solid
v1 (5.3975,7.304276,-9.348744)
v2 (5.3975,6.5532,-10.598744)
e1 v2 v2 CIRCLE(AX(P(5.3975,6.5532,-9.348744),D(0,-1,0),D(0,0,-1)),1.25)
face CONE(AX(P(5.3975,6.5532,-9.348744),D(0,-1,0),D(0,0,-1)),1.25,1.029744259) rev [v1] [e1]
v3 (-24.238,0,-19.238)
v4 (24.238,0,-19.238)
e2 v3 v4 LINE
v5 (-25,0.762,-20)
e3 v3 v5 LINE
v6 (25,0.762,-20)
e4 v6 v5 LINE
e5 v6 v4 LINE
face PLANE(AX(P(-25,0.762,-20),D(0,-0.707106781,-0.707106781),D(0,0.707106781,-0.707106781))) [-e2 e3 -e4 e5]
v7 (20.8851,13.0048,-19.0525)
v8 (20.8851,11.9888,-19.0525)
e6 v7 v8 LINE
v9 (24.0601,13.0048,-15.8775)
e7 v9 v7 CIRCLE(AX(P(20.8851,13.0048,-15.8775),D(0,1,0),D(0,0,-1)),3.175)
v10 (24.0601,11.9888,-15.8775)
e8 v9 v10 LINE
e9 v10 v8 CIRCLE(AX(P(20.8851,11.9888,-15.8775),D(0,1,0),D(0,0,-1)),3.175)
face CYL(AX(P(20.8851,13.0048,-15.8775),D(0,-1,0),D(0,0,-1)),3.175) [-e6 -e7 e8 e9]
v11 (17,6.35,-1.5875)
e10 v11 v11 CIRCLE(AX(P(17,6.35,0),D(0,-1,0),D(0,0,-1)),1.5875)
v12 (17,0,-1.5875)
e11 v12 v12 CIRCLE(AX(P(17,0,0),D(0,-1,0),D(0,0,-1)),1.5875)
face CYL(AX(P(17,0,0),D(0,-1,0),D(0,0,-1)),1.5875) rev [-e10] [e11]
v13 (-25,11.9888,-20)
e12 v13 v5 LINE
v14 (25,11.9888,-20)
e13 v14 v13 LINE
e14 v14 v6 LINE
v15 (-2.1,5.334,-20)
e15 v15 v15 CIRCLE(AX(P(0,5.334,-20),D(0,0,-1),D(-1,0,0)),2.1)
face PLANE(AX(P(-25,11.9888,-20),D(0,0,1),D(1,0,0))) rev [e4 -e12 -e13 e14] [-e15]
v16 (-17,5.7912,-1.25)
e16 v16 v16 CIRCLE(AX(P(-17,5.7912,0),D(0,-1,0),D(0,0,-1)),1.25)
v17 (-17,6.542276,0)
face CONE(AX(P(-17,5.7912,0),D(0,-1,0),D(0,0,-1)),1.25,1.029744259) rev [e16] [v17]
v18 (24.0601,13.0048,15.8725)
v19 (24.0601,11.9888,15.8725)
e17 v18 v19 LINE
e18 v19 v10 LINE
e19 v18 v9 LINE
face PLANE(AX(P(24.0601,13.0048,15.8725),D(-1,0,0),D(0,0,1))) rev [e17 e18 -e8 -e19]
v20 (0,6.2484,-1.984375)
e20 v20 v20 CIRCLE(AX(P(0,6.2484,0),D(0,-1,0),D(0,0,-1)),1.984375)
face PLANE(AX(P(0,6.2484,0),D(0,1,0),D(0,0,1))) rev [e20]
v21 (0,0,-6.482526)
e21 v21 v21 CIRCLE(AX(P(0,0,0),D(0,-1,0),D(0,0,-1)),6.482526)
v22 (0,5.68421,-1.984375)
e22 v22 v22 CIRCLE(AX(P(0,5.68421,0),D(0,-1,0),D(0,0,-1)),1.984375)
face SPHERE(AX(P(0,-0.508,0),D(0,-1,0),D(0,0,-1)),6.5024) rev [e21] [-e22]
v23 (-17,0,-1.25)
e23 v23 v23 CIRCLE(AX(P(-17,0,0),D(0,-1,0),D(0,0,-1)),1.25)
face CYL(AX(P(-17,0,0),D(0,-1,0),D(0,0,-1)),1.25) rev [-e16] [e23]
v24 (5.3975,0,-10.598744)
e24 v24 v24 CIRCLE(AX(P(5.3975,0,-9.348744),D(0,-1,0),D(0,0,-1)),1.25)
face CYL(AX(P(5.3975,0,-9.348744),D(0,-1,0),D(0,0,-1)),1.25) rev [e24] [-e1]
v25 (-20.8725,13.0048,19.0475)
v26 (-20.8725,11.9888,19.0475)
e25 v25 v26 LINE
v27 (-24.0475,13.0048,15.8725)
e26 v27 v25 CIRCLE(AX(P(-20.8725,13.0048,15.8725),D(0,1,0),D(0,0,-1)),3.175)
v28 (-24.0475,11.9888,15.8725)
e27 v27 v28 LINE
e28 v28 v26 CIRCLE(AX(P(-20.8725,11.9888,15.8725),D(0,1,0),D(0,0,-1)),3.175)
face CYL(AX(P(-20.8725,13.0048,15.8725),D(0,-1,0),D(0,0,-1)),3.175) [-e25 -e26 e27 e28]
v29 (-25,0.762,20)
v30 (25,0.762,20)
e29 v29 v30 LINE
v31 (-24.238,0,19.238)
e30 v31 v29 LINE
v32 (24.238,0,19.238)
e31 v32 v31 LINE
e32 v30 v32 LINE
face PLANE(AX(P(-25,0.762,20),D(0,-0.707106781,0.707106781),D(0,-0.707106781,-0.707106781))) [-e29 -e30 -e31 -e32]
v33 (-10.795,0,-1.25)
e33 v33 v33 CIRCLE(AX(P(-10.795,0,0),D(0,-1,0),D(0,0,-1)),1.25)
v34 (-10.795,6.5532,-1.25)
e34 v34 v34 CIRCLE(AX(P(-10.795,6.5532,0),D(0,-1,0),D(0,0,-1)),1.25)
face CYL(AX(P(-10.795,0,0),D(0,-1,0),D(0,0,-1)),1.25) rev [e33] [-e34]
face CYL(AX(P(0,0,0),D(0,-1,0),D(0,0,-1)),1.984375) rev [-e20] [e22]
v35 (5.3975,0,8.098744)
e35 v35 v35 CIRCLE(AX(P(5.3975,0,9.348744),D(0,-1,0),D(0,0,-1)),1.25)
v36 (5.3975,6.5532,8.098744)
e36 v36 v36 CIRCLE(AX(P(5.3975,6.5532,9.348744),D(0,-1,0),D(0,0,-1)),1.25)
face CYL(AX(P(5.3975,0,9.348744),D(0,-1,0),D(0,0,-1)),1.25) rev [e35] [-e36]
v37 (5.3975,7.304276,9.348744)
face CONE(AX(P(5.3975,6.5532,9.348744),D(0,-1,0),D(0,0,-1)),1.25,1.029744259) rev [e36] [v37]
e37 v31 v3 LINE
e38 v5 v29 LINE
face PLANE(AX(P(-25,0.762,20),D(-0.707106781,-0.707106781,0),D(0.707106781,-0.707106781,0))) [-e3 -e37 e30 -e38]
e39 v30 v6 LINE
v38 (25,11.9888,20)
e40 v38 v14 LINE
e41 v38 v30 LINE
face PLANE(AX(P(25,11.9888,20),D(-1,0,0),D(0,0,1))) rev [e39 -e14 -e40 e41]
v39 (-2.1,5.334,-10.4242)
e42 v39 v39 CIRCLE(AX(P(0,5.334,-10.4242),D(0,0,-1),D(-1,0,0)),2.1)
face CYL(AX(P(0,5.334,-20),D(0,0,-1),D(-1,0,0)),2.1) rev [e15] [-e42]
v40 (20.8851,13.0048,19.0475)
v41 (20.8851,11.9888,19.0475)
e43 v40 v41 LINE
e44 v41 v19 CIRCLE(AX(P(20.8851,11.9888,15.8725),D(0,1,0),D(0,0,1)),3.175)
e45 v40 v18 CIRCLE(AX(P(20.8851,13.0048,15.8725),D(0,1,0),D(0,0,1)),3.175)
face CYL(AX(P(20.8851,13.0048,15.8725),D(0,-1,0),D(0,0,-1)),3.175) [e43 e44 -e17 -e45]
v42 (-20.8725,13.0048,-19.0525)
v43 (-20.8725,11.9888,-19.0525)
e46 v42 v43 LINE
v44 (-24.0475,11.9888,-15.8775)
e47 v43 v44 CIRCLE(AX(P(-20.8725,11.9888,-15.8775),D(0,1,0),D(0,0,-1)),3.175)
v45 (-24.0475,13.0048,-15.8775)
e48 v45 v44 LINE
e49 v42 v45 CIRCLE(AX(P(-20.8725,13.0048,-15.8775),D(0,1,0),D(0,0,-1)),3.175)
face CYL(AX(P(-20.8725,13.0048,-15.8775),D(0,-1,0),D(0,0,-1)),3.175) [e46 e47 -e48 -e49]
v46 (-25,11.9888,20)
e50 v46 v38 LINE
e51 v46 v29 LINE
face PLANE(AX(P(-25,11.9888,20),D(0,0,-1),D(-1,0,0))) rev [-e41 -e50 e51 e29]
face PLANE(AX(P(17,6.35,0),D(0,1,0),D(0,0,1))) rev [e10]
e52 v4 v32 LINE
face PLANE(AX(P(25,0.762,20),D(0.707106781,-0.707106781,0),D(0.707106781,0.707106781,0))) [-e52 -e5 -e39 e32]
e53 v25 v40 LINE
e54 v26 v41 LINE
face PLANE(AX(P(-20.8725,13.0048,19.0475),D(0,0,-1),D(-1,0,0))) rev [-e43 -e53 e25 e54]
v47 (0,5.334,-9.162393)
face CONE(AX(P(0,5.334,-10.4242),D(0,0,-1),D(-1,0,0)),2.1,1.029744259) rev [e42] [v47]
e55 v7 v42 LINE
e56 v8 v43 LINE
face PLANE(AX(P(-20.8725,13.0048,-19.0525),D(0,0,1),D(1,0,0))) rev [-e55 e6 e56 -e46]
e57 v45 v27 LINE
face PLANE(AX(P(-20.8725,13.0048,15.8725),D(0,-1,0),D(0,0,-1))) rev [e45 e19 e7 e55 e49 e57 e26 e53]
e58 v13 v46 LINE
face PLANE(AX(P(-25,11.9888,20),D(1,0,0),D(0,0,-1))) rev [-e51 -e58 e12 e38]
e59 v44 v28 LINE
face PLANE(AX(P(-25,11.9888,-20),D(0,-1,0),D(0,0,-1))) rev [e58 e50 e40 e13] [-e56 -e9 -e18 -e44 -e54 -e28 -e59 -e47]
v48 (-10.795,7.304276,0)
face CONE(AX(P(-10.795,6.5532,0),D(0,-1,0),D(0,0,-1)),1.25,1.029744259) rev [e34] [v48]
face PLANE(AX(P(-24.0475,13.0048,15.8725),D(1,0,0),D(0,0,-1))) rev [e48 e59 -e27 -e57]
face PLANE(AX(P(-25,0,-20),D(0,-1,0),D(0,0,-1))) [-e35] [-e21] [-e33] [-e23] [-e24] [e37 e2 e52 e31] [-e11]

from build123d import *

# Parameters (mm, degrees)
SKETCH1_W                           = 50
SKETCH1_H                           = 40
EXTRUDE1_DEPTH                      = 11.9888
M5X0_8_TAPPED_HOLE1_D               = 4.2
M5X0_8_TAPPED_HOLE1_DEPTH           = 9.5758
M5X0_8_TAPPED_HOLE1_TIP             = 1.2618073
F_1_8_0_125_DIAMETER_HOLE1_D        = 3.175
F_1_8_0_125_DIAMETER_HOLE1_DEPTH    = 6.35
CIRPATTERN1_COUNT                   = 3
F_5_32_0_15625_DIAMETER_HOLE1_D     = 3.96875
F_5_32_0_15625_DIAMETER_HOLE1_DEPTH = 6.2484
M3X0_5_TAPPED_HOLE2_D               = 2.5
M3X0_5_TAPPED_HOLE2_DEPTH           = 5.7912
M3X0_5_TAPPED_HOLE2_TIP             = 0.751075774
CHAMFER1_SIZE                       = 0.762
EXTRUDE2_DEPTH                      = 1.016


with BuildPart() as part:
    # Sketch1 → Extrude1 (new body)
    with BuildSketch(Plane(origin=(0, 0, 0), x_dir=(1, 0, 0), z_dir=(0, 1, 0))):
        Rectangle(SKETCH1_W, SKETCH1_H)
    extrude(amount=EXTRUDE1_DEPTH)

    # M5x0.8 Tapped Hole1
    with Locations(Plane(origin=(0, 0, -20), x_dir=(-1, 0, 0), z_dir=(0, 0, -1))):
        with Locations((0, 5.334)):
            Hole(M5X0_8_TAPPED_HOLE1_D / 2, depth=M5X0_8_TAPPED_HOLE1_DEPTH)
            with Locations((0, 0, -(M5X0_8_TAPPED_HOLE1_DEPTH + M5X0_8_TAPPED_HOLE1_TIP / 2))):  # 118° drill point
                Cone(0, M5X0_8_TAPPED_HOLE1_D / 2, M5X0_8_TAPPED_HOLE1_TIP, mode=Mode.SUBTRACT)

    # 1_8 _0.125_ Diameter Hole1
    with Locations(Plane.XZ):
        with Locations((17, 0)):
            Hole(F_1_8_0_125_DIAMETER_HOLE1_D / 2, depth=F_1_8_0_125_DIAMETER_HOLE1_DEPTH)

    # Sketch8 → M3x0.5 Tapped Hole1 (revolve, cut)
    with BuildSketch(Plane(origin=(-10.795, 0, 0), x_dir=(0, 0, -1), z_dir=(1, 0, 0))):
        Polygon((0, 0), (0, 7.304275774), (1.25, 6.5532), (1.25, 0), align=None)
    m3x0_5_tapped_hole1 = revolve(axis=Axis((-10.795, -6.35, 0), (0, 1, 0)), mode=Mode.SUBTRACT)

    # CirPattern1: M3x0.5 Tapped Hole1 ×3 about axis
    cirpattern1_axis = Axis((0, 0, 0), (0, 1, 0))
    for i in range(1, CIRPATTERN1_COUNT):
        add(m3x0_5_tapped_hole1.rotate(cirpattern1_axis, i * 360 / CIRPATTERN1_COUNT), mode=Mode.SUBTRACT)

    # 5_32 _0.15625_ Diameter Hole1
    with Locations(Plane.XZ):
        with Locations((0, 0)):
            Hole(F_5_32_0_15625_DIAMETER_HOLE1_D / 2, depth=F_5_32_0_15625_DIAMETER_HOLE1_DEPTH)

    # Sketch12 → Cut-Revolve1 (revolve, cut)
    with BuildSketch(Plane.XZ.offset(0.508)):
        with BuildLine():
            Line((0, 6.5024), (0, -6.5024))
            ThreePointArc((0, -6.5024), (6.5024, 0), (0, 6.5024))
        make_face()
    revolve(axis=Axis((0, -0.508, 6.5024), (0, 0, -1)), mode=Mode.SUBTRACT)

    # M3x0.5 Tapped Hole2
    with Locations(Plane.XZ):
        with Locations((-17, 0)):
            Hole(M3X0_5_TAPPED_HOLE2_D / 2, depth=M3X0_5_TAPPED_HOLE2_DEPTH)
            with Locations((0, 0, -(M3X0_5_TAPPED_HOLE2_DEPTH + M3X0_5_TAPPED_HOLE2_TIP / 2))):  # 118° drill point
                Cone(0, M3X0_5_TAPPED_HOLE2_D / 2, M3X0_5_TAPPED_HOLE2_TIP, mode=Mode.SUBTRACT)

    # Chamfer1
    chamfer1_edges = [part.edges().sort_by_distance(p)[0] for p in [
        (0, 0, -20),
        (25, 0, 0),
        (0, 0, 20),
        (-25, 0, 0),
    ]]
    chamfer(chamfer1_edges, length=CHAMFER1_SIZE)

    # Sketch2 → Extrude2 (add)
    with BuildSketch(Plane(origin=(0, 11.9888, 0), x_dir=(-1, 0, 0), z_dir=(0, 1, 0))):
        with BuildLine():
            Line((20.8725, 19.0475), (-20.8851, 19.0475))
            ThreePointArc((-20.8851, 19.0475), (-23.13016403, 18.11756403), (-24.0601, 15.8725))
            Line((-24.0601, 15.8725), (-24.0601, -15.8775))
            ThreePointArc((-24.0601, -15.8775), (-23.13016403, -18.12256403), (-20.8851, -19.0525))
            Line((-20.8851, -19.0525), (20.8725, -19.0525))
            ThreePointArc((20.8725, -19.0525), (23.11756403, -18.12256403), (24.0475, -15.8775))
            Line((24.0475, -15.8775), (24.0475, 15.8725))
            ThreePointArc((24.0475, 15.8725), (23.11756403, 18.11756403), (20.8725, 19.0475))
        make_face()
    extrude(amount=EXTRUDE2_DEPTH)


solid = part.part
